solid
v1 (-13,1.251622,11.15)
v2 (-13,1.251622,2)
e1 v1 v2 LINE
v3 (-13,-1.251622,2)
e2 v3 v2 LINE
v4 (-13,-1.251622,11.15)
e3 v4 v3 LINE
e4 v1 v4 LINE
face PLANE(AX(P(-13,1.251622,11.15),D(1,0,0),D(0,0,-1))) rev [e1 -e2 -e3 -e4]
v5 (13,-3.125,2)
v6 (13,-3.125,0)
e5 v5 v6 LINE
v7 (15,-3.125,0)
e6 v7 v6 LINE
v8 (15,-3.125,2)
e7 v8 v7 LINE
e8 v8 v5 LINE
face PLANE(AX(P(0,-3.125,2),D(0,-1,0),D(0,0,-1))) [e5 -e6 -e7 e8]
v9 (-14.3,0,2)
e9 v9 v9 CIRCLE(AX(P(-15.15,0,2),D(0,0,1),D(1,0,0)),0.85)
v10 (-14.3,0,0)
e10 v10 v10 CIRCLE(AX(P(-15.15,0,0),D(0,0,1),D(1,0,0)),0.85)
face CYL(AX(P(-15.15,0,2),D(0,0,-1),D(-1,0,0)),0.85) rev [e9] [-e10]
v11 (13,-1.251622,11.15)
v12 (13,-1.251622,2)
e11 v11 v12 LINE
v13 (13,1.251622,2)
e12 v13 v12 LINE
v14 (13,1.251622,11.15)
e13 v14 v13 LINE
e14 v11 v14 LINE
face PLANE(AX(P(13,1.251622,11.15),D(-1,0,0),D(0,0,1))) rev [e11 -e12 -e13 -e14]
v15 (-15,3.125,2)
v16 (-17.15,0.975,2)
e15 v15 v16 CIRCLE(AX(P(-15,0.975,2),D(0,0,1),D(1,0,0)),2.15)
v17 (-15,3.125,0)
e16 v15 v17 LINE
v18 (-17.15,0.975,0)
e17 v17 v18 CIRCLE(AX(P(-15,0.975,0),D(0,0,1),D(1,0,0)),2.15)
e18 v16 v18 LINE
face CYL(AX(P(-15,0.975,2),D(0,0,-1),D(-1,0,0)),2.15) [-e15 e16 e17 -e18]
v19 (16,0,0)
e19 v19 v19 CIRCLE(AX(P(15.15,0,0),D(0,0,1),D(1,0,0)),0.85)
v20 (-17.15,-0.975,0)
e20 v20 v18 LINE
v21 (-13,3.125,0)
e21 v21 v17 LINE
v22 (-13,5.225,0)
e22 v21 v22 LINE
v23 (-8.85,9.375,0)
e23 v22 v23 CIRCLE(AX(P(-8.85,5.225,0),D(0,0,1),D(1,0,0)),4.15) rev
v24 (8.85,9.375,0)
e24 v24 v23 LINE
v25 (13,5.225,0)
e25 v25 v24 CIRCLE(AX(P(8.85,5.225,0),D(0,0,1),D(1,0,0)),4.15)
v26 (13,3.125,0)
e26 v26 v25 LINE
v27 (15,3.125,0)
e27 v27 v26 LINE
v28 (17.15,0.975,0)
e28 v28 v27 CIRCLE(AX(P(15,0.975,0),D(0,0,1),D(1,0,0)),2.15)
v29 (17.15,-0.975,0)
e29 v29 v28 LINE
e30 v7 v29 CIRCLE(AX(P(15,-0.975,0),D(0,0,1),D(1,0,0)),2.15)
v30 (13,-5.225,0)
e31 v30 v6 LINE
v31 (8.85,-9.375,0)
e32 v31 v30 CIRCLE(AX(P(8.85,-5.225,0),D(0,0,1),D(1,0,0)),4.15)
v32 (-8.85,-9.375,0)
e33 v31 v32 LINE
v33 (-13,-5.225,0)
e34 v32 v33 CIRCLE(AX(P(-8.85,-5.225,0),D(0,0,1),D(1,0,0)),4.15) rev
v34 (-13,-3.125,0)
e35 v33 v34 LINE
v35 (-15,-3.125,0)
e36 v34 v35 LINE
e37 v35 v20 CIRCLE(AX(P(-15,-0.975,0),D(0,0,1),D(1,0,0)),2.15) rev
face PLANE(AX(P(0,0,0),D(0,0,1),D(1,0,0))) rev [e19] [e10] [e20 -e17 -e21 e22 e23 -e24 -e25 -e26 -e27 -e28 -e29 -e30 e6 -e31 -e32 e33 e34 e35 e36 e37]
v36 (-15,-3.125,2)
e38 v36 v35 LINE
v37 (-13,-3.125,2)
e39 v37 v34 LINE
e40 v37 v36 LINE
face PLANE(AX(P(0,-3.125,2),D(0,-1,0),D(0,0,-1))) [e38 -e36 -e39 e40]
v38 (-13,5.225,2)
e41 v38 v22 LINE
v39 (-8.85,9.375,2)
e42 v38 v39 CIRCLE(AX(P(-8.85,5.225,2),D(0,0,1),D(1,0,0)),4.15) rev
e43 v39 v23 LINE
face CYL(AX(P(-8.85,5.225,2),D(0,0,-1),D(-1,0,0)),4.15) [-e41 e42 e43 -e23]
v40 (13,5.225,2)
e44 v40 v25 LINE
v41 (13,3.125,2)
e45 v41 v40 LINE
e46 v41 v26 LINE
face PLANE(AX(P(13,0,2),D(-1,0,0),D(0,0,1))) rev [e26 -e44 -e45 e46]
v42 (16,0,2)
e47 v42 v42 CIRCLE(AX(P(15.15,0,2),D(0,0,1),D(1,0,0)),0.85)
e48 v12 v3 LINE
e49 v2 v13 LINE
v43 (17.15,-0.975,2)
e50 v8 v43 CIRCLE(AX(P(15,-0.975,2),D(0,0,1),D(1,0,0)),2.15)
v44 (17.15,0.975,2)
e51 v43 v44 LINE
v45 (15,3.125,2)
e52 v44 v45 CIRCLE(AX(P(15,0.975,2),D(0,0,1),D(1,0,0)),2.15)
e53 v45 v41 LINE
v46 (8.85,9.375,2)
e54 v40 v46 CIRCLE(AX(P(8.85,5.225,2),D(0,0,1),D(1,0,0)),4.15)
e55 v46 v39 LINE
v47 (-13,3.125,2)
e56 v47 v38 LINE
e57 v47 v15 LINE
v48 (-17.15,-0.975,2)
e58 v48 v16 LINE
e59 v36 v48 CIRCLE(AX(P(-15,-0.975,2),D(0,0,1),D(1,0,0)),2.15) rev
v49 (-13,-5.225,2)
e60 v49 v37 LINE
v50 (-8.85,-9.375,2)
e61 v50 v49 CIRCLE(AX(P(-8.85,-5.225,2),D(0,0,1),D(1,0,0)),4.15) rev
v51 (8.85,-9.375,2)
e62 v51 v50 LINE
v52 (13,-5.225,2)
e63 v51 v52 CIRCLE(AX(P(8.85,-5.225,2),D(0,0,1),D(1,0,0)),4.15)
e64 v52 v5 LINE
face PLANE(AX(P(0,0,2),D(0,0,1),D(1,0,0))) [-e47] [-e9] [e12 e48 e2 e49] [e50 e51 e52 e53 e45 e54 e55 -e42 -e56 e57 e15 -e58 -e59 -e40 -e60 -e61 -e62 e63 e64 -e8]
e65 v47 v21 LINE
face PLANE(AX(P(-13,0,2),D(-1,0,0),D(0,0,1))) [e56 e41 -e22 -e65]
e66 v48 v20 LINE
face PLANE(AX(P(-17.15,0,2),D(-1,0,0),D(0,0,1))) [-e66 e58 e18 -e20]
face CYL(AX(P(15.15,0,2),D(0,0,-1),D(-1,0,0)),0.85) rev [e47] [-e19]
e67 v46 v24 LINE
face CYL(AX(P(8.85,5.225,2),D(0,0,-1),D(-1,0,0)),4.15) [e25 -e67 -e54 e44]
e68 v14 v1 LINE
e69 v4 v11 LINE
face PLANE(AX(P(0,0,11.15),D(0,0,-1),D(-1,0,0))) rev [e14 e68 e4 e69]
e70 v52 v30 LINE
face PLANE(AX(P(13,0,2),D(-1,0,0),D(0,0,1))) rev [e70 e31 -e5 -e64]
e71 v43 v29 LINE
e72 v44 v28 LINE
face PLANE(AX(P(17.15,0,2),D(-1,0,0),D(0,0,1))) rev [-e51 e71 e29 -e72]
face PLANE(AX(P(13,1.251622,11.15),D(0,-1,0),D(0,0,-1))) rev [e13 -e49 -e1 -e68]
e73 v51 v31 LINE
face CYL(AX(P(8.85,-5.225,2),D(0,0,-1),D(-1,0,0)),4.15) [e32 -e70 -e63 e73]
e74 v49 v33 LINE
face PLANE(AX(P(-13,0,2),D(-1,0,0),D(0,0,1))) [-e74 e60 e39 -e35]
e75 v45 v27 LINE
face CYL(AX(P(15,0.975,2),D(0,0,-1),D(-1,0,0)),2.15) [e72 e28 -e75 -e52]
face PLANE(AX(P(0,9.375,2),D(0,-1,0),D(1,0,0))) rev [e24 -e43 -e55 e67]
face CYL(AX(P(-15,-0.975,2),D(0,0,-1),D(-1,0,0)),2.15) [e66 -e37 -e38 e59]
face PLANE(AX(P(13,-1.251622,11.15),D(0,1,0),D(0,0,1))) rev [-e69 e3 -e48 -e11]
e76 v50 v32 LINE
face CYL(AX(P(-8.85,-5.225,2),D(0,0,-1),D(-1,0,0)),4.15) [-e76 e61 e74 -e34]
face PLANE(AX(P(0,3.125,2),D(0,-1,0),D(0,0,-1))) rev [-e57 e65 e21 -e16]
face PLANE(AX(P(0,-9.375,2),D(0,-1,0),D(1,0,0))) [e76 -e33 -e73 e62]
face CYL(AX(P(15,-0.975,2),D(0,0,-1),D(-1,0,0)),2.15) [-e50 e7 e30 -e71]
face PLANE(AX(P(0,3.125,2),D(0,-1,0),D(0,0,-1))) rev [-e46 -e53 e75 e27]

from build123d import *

# Parameters (mm, degrees)
CROQUIS1_R              = 0.85
SALIENTE_EXTRUIR1_DEPTH = 2
CROQUIS2_W              = 26
CROQUIS2_H              = 2.5032448
SALIENTE_EXTRUIR3_DEPTH = 11.15


with BuildPart() as part:
    # Croquis1 → Saliente-Extruir1 (new body)
    # profile 1 of 3: a face of its own
    with BuildSketch(Plane.XY):
        with BuildLine():
            Line((8.85, -9.375), (-8.85, -9.375))
            ThreePointArc((-8.85, -9.375), (-11.784493142, -8.159493142), (-13, -5.225))
            Line((-13, -5.225), (-13, 5.225))
            ThreePointArc((-13, 5.225), (-11.784493142, 8.159493142), (-8.85, 9.375))
            Line((-8.85, 9.375), (8.85, 9.375))
            ThreePointArc((8.85, 9.375), (11.784493142, 8.159493142), (13, 5.225))
            Line((13, 5.225), (13, -5.225))
            ThreePointArc((13, -5.225), (11.784493142, -8.159493142), (8.85, -9.375))
        make_face()
    # profile 2 of 3: a face of its own
    with BuildSketch(Plane.XY):
        with BuildLine():
            Line((-15, -3.125), (-13, -3.125))
            Line((-13, -3.125), (-13, 3.125))
            Line((-13, 3.125), (-15, 3.125))
            ThreePointArc((-15, 3.125), (-16.52027958, 2.49527958), (-17.15, 0.975))
            Line((-17.15, 0.975), (-17.15, -0.975))
            ThreePointArc((-17.15, -0.975), (-16.52027958, -2.49527958), (-15, -3.125))
        make_face()
        with Locations((-15.15, 0)):
            Circle(CROQUIS1_R, mode=Mode.SUBTRACT)
    # profile 3 of 3: a face of its own
    with BuildSketch(Plane.XY):
        with BuildLine():
            Line((13, 3.125), (13, -3.125))
            Line((13, -3.125), (15, -3.125))
            ThreePointArc((15, -3.125), (16.52027958, -2.49527958), (17.15, -0.975))
            Line((17.15, -0.975), (17.15, 0.975))
            ThreePointArc((17.15, 0.975), (16.52027958, 2.49527958), (15, 3.125))
            Line((15, 3.125), (13, 3.125))
        make_face()
        with Locations((15.15, 0)):
            Circle(CROQUIS1_R, mode=Mode.SUBTRACT)
    extrude(amount=SALIENTE_EXTRUIR1_DEPTH)

    # Croquis2 → Saliente-Extruir3 (add)
    with BuildSketch(Plane.XY):
        Rectangle(CROQUIS2_W, CROQUIS2_H)
    extrude(amount=SALIENTE_EXTRUIR3_DEPTH)


solid = part.part
